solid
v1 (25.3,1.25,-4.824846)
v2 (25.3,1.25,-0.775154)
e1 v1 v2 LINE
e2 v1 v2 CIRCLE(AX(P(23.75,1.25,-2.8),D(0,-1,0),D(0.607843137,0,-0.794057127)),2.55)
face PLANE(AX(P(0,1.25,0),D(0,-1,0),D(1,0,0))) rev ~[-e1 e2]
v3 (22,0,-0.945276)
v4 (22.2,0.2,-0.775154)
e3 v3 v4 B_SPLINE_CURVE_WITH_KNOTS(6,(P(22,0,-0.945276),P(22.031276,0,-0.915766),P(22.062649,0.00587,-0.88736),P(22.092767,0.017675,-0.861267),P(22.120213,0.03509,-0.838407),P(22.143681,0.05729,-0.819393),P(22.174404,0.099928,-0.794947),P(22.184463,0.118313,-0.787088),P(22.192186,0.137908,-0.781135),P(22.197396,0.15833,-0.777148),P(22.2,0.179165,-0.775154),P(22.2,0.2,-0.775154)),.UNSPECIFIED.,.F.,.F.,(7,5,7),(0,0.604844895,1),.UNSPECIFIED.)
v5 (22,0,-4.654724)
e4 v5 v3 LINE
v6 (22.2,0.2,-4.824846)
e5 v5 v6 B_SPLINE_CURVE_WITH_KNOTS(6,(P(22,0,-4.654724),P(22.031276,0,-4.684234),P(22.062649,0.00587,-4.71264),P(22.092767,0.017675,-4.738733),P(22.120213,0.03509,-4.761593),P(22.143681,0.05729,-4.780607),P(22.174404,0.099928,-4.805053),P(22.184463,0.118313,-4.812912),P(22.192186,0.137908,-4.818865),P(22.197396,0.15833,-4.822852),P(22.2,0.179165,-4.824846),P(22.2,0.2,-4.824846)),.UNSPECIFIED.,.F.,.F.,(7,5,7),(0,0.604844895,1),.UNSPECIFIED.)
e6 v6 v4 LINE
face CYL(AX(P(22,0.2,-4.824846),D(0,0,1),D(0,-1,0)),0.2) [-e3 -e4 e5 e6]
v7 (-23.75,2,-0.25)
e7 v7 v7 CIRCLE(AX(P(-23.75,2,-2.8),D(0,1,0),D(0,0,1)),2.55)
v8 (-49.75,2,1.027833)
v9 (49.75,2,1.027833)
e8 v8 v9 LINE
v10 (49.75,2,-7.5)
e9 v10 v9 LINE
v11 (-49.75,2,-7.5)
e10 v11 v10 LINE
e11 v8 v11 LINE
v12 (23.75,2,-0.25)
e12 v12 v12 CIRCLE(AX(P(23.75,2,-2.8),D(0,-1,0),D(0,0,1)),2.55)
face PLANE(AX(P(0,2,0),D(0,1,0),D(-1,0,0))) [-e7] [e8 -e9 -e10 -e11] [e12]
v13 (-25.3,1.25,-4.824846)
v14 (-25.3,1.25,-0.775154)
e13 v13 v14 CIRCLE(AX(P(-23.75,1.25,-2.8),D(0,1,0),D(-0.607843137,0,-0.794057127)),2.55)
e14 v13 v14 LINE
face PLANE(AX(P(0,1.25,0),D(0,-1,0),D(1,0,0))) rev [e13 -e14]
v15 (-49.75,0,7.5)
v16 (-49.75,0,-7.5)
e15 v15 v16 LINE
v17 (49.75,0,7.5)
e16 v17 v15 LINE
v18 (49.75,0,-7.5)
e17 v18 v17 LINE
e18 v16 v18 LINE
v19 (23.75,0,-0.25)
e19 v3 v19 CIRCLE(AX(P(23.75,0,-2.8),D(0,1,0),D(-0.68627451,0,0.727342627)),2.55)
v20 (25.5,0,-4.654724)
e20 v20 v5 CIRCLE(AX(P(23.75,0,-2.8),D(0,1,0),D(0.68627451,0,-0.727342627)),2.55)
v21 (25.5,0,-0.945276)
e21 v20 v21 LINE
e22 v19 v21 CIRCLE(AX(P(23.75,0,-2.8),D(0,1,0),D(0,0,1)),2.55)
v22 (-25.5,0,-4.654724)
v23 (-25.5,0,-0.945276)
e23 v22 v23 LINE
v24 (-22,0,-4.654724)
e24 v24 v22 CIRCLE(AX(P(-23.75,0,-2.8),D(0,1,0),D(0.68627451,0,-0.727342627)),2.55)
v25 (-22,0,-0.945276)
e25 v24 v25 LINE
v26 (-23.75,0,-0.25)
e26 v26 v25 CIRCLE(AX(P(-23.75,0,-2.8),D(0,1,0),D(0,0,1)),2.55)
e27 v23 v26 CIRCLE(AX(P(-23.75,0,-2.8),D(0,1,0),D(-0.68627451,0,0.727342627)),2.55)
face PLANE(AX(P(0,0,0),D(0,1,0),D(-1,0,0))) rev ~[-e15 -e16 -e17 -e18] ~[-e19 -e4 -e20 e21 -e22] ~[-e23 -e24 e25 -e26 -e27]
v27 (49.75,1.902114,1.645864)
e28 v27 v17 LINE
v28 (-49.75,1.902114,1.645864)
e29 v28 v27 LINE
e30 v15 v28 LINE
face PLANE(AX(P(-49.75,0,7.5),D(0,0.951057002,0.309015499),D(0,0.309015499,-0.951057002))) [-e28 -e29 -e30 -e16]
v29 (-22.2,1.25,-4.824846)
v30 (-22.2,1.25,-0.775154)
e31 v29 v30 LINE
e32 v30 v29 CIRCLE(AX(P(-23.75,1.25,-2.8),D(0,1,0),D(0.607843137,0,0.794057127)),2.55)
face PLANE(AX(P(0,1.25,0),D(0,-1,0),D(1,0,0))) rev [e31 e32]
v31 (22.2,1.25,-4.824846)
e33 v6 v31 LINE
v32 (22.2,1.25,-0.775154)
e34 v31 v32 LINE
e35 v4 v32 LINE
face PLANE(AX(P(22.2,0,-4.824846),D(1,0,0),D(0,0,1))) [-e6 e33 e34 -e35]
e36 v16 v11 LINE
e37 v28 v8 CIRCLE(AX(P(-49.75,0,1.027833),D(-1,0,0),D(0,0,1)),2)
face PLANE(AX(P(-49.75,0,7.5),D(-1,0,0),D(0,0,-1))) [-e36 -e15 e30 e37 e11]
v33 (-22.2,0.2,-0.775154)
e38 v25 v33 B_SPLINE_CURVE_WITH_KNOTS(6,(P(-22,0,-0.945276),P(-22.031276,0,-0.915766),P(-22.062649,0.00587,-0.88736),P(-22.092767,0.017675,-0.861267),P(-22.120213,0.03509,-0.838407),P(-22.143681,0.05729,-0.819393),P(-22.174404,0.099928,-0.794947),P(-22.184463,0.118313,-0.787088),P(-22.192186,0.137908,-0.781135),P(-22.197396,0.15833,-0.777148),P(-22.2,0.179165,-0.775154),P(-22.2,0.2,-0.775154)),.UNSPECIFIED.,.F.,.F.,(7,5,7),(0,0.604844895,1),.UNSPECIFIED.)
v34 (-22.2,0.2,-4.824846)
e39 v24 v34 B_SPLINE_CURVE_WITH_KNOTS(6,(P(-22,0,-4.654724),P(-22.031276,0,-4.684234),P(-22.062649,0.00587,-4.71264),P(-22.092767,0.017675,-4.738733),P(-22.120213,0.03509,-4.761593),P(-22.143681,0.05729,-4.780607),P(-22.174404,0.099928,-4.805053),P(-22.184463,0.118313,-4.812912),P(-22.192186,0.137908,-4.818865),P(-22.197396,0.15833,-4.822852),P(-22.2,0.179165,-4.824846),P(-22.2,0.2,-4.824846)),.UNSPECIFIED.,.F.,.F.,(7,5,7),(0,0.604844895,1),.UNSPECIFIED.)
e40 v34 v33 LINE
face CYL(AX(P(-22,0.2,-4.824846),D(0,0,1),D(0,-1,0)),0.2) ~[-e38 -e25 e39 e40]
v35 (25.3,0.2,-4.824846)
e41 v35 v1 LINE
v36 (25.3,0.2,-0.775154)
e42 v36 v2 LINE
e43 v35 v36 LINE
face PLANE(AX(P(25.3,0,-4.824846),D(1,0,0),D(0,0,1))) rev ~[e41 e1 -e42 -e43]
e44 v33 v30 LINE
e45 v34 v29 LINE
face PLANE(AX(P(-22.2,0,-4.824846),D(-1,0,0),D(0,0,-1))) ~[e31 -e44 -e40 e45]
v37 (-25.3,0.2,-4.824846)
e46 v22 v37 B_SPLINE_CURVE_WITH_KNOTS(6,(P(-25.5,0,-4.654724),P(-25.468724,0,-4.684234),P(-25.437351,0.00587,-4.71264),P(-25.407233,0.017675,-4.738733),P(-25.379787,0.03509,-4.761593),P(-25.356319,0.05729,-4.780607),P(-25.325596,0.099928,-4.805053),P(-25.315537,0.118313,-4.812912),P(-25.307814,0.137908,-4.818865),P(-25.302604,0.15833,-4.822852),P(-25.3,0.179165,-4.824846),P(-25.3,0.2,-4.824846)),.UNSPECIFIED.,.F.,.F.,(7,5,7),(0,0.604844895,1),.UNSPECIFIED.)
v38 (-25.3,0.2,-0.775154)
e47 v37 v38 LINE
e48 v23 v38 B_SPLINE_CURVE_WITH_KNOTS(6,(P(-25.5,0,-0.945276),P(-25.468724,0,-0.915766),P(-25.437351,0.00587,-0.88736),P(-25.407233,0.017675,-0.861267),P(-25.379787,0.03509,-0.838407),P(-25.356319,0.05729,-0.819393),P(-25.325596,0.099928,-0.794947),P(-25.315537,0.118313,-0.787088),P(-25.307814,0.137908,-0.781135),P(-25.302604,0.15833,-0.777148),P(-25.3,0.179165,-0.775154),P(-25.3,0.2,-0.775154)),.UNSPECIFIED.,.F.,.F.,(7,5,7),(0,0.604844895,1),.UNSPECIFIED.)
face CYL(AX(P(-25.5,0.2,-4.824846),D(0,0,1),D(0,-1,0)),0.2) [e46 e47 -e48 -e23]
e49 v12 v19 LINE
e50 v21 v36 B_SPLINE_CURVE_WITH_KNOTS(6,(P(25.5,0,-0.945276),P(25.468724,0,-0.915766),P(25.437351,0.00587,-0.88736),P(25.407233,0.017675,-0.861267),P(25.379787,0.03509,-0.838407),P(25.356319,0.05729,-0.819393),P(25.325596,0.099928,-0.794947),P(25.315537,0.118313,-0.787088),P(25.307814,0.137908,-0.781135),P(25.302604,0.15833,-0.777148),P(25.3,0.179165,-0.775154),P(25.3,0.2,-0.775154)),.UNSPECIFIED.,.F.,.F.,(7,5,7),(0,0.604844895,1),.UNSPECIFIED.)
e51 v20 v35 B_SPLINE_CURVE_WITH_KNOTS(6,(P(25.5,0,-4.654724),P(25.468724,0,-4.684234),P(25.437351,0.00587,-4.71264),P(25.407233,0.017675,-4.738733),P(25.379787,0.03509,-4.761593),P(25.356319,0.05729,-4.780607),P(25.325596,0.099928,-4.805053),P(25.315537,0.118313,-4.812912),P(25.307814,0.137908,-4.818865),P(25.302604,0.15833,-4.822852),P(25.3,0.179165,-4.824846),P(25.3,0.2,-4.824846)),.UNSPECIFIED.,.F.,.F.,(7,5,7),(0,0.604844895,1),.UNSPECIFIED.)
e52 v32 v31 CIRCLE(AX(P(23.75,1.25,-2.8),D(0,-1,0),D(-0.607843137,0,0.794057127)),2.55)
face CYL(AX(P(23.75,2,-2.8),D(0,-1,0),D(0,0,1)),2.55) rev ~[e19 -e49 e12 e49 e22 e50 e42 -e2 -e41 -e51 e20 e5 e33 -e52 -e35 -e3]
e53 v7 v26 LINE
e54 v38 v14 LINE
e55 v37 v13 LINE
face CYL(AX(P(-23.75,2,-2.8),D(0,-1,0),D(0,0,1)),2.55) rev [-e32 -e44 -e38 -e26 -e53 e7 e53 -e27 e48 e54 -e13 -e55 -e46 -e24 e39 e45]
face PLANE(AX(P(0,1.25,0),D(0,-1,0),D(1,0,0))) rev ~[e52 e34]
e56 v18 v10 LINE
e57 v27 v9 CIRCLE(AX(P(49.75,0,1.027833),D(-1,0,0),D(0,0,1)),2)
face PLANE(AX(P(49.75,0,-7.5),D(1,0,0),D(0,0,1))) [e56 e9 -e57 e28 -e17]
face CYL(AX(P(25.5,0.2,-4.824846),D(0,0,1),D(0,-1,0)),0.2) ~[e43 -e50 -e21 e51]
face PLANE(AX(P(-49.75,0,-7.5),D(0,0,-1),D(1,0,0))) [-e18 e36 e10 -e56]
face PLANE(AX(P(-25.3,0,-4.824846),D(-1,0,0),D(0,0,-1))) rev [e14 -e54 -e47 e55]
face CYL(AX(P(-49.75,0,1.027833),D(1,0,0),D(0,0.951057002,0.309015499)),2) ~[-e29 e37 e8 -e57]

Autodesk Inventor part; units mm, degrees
ref_plane "YZ Plane" through (0, 0, 0) normal (1, 0, 0) x (0, 1, 0)
ref_plane "XZ Plane" through (0, 0, 0) normal (0, 1, 0) x (-1, 0, 0)
sketch "Sketch1" plane through (0, 0, 0) normal (0, 1, 0) x (-1, 0, 0)
  line L0 (-49.75, 7.5) -> (49.75, 7.5)
  line L1 (49.75, 7.5) -> (49.75, -7.5)
  line L2 (49.75, -7.5) -> (-49.75, -7.5)
  line L3 (-49.75, -7.5) -> (-49.75, 7.5)
  line L4 (-49.75, 7.5) -> (49.75, -7.5) construction
  line L5 (49.75, 7.5) -> (-49.75, -7.5) construction
  point P0 (0, 0)
  dimension "d0" = 15
  dimension "d1" = 99.5
extrude "Extrusion1" add sketch "Sketch1" along normal blind 2
sketch "Sketch2" plane through (0, 2, 0) normal (0, 1, 0) x (1, 0, 0)
  line L0 (49.75, 7.5) -> (-49.75, 7.5) projected
  line L1 (49.75, -7.5) -> (49.75, 7.5) projected
  point P0 (0, 0)
  point P1 (23.75, 2.8)
  dimension "d11" = 4.7
  dimension "d12" = 26
hole "Hole1" at (23.75, 2, -2.8) direction (0, -1, 0) diameter 5.1 end through all
sketch "Sketch3" plane through (0, 0, 0) normal (0, -1, 0) x (1, 0, 0)
  line L0 (26.3, -0.25) -> (21.2, -0.25)
  line L1 (21.2, -0.25) -> (21.2, -5.35)
  line L2 (21.2, -5.35) -> (26.3, -5.35)
  line L3 (26.3, -5.35) -> (26.3, -0.25)
  circle A0 centre (23.75, -2.8) radius 2.55 projected
  line L4 (26.3, -0.25) -> (21.2, -5.35) construction
  line L5 (21.2, -0.25) -> (26.3, -5.35) construction
  line L6 (25.3, -5.35) -> (25.3, -0.25)
  line L7 (22.2, -5.35) -> (22.2, -0.25)
  point P0 (0, 0)
  point P1 (22.2, -4.8248)
  point P2 (22.2, -0.7752)
  point P3 (25.3, -0.7752)
  point P4 (25.3, -4.8248)
  dimension "d13" = 5.1
  dimension "d14" = 5.1
  dimension "d15" = 1
  dimension "d16" = 1
extrude "Extrusion2" add sketch "Sketch3" against normal blind 1.25 contours A0 L6 | L7 A0
fillet "Fillet1" radius 0.2 2 edges at (25.3, 0, -2.8) (22.2, 0, -2.8)
ref_plane "Work Plane1" through (0, 0, -7.5) normal (-1, 0, 0) x (0, 0, 1)
mirror "Mirror1" about plane through (0, 0, -7.5) normal (-1, 0, 0) of "Hole1", "Extrusion2", "Fillet1"
sketch "Sketch4" plane through (-49.75, 0, -7.5) normal (-1, 0, 0) x (0, 0, 1)
  line L0 (0, 0) -> (15, 0) projected
  line L1 (15, 0) -> (8.8446, 2)
  line L2 (0, 2) -> (15, 2) projected
  line L3 (8.8446, 0) -> (15, 0)
  line L4 (8.8446, 2) -> (8.8446, 0)
  line L5 (15, 0) -> (15, 2) projected
  line L6 (8.8446, 2) -> (15, 2)
  line L7 (15, 2) -> (15, 0)
  point P0 (7.5, 0)
  dimension "d21" = 18
extrude "Extrusion3" cut sketch "Sketch4" against normal through all contours L1 L2 L5
fillet "Fillet2" radius 2 1 edges at (0, 2, 1.3446)
properties part number "Bladev2" material "Stainless Steel"
